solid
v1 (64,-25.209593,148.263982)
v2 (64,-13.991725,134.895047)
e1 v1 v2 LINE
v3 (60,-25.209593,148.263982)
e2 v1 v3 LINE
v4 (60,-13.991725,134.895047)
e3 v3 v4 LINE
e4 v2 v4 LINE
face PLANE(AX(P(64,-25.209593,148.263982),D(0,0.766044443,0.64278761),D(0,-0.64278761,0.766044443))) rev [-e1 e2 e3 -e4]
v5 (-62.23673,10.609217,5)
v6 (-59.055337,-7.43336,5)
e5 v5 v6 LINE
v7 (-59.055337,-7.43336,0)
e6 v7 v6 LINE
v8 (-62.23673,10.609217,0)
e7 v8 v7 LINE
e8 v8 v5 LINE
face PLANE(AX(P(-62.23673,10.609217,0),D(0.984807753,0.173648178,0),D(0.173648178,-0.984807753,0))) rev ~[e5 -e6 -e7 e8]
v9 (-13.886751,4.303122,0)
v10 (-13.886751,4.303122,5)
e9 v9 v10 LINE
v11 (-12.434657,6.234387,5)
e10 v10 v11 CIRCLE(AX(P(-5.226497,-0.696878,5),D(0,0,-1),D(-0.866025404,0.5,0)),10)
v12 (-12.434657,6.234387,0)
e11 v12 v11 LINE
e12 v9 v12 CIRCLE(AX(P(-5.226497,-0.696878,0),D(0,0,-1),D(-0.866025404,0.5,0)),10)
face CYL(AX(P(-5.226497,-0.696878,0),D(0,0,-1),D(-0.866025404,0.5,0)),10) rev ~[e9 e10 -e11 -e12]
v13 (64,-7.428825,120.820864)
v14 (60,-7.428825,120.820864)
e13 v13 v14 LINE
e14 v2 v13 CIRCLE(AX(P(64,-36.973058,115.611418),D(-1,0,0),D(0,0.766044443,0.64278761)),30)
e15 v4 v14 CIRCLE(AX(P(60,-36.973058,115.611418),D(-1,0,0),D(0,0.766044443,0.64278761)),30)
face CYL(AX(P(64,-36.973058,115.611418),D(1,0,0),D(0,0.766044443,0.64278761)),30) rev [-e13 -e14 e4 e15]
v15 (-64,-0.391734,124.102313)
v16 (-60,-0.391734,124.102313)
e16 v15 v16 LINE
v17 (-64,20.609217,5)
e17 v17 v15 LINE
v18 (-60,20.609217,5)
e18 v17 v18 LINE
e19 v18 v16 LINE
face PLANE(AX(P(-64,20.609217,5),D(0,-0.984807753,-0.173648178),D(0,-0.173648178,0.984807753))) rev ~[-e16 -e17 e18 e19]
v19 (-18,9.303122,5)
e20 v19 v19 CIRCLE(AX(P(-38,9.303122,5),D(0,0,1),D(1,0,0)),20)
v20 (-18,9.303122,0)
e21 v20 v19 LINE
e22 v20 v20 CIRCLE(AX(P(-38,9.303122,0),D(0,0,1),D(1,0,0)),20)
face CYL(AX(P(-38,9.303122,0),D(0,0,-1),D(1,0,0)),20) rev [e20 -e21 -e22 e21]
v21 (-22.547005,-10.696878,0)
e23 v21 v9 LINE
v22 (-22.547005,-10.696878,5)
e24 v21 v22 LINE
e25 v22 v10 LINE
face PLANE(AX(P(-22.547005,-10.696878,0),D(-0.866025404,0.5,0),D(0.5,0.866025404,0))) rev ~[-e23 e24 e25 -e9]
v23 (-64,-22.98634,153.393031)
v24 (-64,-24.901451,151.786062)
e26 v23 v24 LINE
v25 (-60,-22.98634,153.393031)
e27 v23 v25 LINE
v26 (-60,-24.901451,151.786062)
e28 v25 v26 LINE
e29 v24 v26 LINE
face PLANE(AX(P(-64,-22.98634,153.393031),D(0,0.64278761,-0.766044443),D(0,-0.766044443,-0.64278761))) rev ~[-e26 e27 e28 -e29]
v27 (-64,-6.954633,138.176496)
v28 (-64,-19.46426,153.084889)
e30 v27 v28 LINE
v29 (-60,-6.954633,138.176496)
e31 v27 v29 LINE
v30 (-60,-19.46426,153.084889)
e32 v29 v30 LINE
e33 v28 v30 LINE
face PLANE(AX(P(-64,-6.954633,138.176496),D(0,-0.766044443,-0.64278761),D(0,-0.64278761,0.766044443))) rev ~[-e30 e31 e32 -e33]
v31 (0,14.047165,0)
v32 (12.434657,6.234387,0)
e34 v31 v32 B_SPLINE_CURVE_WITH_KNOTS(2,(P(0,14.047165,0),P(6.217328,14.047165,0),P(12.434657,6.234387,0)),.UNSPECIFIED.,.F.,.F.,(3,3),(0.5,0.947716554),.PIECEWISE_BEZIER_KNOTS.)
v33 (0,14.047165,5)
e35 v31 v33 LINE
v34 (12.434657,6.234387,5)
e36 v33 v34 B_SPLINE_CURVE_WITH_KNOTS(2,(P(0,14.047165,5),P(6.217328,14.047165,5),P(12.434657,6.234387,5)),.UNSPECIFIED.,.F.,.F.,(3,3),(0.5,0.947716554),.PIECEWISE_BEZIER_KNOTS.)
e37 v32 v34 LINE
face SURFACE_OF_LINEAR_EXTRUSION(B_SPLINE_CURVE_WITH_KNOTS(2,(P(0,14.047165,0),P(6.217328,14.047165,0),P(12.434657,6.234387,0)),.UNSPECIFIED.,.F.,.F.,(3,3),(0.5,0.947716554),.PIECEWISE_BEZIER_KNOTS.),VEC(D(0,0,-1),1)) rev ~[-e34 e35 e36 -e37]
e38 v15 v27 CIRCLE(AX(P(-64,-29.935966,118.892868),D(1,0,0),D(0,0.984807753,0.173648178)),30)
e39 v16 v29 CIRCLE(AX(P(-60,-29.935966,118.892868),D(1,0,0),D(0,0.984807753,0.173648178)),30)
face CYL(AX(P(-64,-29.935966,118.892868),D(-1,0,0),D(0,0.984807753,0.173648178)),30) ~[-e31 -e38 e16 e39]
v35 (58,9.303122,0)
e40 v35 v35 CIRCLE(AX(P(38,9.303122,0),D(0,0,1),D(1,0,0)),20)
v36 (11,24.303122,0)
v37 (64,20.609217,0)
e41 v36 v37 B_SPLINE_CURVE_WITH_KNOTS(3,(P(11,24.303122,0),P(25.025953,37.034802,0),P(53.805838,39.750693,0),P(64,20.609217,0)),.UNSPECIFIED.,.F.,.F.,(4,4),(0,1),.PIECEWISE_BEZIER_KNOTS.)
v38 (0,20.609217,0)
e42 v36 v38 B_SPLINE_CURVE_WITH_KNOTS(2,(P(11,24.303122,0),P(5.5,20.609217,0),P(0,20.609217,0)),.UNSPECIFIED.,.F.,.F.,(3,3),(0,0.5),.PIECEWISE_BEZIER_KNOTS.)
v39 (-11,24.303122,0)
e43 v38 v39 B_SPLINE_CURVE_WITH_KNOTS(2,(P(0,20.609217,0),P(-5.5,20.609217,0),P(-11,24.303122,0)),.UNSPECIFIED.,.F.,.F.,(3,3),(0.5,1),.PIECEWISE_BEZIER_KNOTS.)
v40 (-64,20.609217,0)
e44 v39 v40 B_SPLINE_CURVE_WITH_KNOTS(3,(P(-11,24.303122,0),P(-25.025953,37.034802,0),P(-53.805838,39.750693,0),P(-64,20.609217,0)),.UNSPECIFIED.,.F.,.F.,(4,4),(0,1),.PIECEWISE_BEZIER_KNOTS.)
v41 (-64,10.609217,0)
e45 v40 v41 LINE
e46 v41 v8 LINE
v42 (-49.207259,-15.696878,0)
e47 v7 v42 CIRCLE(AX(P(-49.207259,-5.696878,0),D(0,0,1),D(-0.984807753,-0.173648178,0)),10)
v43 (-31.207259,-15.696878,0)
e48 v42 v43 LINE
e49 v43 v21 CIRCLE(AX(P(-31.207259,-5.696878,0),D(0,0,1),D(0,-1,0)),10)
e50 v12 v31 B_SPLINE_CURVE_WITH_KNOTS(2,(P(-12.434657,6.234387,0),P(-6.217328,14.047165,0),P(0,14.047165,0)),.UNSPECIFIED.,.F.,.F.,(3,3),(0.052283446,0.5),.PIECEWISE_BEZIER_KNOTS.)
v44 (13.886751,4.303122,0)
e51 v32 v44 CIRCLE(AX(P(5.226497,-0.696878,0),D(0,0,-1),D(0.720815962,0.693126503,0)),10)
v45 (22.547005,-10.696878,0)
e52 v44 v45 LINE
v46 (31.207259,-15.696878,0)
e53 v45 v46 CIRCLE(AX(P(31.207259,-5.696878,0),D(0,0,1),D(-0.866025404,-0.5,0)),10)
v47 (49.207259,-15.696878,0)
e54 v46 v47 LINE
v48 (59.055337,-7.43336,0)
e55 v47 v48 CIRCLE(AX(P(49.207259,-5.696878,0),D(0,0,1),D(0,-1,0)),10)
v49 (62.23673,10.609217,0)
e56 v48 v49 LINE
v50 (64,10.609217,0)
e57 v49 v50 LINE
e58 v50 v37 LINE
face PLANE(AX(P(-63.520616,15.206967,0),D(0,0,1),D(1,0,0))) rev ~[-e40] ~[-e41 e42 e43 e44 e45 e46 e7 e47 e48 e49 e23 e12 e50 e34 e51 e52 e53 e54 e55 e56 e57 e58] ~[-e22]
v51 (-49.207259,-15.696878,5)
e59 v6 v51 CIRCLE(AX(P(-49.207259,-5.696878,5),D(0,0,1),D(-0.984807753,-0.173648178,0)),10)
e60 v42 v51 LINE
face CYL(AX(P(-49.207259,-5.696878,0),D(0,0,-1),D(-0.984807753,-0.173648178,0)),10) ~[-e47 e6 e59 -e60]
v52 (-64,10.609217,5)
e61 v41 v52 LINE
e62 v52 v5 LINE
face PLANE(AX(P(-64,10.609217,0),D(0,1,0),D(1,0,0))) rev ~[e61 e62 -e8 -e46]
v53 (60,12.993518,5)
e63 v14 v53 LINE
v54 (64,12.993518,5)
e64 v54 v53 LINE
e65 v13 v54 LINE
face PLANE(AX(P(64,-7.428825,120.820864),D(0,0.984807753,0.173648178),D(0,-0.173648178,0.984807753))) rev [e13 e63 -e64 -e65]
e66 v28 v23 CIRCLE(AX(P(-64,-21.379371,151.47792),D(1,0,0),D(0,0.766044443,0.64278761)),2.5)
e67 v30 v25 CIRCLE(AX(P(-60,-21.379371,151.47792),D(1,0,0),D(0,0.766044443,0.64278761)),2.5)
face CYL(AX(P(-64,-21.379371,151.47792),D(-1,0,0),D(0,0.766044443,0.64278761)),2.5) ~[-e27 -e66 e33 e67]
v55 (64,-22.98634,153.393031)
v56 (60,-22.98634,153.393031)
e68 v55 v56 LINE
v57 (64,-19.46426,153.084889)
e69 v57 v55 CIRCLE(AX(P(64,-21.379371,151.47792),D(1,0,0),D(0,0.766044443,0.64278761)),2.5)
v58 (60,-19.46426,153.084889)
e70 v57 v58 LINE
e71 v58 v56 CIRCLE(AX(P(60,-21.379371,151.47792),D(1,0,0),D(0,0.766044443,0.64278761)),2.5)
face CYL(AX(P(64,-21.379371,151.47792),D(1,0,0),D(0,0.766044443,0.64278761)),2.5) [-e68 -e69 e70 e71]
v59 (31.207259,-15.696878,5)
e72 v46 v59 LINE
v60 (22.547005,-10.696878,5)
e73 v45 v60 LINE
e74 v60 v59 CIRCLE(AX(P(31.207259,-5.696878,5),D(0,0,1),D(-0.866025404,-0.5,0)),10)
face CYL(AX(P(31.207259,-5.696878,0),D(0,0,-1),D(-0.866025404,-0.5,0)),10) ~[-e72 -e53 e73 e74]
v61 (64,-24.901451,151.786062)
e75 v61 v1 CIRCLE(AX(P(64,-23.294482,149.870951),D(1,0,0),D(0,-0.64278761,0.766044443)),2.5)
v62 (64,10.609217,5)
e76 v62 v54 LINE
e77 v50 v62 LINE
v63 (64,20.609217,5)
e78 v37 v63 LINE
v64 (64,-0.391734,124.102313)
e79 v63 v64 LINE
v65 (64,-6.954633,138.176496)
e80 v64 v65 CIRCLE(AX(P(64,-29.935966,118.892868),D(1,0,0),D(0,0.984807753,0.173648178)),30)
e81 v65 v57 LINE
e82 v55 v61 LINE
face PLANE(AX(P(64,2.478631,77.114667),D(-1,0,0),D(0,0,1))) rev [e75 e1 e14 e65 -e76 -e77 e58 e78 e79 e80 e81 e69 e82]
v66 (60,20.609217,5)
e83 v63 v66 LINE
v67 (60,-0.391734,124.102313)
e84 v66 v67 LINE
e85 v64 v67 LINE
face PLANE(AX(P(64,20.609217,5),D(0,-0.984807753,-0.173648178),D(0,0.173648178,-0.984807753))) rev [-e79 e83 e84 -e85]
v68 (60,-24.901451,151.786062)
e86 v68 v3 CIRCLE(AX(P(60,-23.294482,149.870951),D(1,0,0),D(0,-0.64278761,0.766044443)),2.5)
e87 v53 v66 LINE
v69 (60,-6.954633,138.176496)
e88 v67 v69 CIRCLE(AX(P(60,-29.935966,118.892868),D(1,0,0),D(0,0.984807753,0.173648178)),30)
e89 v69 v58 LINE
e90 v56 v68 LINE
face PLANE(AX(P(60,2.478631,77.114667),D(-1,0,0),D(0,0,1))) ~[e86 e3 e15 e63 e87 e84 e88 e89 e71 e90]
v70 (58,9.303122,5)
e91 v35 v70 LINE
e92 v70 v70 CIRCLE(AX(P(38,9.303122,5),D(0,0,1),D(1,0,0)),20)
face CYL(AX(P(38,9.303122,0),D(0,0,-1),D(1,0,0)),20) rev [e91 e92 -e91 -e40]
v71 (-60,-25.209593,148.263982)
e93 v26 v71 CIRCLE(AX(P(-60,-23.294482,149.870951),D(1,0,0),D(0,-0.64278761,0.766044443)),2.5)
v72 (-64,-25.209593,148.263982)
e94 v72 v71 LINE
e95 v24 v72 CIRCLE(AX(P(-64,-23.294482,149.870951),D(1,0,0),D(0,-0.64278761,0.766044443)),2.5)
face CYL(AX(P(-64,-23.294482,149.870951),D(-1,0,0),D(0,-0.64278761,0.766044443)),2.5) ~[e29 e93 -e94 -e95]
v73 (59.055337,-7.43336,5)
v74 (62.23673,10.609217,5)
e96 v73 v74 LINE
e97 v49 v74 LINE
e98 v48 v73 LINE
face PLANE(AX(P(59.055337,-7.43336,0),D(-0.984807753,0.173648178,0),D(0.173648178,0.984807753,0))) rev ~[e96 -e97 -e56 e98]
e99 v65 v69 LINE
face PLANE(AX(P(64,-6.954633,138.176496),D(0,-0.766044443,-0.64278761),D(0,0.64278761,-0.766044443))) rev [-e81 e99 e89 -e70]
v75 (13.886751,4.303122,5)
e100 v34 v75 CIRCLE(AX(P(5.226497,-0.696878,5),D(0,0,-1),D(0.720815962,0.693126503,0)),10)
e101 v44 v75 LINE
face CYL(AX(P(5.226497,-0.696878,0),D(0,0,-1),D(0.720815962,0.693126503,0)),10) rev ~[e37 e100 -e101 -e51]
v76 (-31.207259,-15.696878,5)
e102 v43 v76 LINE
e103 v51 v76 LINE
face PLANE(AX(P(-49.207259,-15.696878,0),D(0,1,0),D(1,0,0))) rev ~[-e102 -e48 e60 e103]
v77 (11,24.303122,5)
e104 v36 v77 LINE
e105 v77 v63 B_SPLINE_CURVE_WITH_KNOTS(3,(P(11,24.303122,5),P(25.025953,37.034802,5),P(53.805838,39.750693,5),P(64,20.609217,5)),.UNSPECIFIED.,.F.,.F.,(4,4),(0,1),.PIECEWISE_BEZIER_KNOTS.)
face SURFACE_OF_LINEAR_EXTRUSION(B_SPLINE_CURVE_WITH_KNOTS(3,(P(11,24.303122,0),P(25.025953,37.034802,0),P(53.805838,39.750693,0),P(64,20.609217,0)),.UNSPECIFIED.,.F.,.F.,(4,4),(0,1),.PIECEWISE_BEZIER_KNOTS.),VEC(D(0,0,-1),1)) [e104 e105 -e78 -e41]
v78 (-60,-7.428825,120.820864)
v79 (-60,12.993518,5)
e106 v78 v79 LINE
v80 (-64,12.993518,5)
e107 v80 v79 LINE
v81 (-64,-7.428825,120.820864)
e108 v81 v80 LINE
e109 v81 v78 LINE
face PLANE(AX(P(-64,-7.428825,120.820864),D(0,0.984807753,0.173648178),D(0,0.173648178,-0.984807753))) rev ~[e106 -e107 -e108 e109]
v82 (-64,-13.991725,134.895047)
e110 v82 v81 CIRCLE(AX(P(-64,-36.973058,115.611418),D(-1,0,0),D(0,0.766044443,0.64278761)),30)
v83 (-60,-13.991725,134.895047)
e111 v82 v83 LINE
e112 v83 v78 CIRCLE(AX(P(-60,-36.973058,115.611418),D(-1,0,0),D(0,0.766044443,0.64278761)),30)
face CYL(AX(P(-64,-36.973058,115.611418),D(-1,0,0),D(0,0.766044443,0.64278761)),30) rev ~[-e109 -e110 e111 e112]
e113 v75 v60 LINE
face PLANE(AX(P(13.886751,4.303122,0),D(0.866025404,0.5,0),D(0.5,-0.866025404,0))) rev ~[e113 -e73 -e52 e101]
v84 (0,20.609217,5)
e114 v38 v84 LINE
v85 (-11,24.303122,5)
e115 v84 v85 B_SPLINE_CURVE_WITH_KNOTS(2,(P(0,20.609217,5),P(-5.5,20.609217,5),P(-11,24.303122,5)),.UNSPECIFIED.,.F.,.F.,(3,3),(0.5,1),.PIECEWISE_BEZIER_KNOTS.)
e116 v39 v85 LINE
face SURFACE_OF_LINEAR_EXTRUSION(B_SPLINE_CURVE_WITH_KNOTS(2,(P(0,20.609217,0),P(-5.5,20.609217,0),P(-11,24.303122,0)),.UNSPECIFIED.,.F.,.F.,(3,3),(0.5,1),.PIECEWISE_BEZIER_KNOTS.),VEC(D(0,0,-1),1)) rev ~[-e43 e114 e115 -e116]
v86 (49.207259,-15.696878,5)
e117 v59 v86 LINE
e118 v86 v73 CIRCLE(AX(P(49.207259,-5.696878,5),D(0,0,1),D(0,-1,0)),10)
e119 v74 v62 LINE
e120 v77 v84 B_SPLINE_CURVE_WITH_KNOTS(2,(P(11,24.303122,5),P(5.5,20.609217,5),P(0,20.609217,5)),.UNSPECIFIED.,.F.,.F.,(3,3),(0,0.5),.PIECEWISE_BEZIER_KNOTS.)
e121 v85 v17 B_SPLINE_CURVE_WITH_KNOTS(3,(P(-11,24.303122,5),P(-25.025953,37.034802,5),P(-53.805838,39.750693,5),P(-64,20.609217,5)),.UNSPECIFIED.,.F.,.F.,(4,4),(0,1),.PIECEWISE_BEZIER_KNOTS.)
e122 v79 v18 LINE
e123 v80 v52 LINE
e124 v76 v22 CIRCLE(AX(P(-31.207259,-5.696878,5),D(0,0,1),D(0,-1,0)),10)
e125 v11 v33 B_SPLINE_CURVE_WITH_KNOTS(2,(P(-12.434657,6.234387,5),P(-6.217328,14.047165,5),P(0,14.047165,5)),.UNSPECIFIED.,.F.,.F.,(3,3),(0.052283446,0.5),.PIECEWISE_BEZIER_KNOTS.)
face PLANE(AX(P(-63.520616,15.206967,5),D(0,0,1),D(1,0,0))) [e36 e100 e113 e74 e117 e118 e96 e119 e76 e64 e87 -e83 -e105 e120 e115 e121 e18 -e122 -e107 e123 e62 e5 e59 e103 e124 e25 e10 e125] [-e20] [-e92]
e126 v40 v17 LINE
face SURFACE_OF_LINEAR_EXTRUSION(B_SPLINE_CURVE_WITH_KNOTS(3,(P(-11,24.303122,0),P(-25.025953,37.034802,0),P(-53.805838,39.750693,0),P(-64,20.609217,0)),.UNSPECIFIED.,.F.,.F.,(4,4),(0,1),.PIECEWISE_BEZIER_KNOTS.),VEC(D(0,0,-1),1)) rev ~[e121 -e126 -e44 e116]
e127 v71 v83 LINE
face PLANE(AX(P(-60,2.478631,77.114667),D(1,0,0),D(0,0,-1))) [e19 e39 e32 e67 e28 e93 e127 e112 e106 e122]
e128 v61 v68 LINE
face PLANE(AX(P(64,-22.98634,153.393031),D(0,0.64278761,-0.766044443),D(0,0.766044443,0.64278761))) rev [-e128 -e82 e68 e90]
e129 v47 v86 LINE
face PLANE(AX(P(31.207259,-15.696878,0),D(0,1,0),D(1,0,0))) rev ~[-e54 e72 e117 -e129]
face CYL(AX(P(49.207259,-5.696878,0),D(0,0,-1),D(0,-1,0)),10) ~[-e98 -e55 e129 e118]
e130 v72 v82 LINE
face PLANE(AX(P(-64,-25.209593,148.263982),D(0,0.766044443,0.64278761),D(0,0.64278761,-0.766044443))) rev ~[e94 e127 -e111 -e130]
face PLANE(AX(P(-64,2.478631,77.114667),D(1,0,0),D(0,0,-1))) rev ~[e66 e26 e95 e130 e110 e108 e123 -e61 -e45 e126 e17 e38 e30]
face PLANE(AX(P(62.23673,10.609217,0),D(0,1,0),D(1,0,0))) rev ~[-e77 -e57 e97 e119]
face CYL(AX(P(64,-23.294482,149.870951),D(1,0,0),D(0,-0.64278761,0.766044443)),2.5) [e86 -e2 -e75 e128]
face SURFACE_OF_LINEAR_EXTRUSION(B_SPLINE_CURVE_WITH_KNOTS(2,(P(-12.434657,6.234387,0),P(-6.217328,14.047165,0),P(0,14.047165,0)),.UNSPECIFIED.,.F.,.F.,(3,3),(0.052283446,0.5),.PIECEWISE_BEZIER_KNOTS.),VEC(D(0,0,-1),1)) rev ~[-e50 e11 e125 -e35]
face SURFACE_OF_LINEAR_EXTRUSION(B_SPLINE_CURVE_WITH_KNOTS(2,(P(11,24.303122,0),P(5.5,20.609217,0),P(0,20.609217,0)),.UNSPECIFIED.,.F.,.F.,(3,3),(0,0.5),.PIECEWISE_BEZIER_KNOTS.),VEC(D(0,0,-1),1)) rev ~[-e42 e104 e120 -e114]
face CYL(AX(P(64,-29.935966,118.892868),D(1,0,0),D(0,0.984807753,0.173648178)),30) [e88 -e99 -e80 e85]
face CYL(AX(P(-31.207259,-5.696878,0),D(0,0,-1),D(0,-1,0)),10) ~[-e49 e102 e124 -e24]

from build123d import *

# Parameters (mm, degrees)
SKETCH1_R           = 20
BOSS_EXTRUDE1_DEPTH = 5
BOSS_EXTRUDE2_DEPTH = 4


with BuildPart() as part:
    # Sketch1 → Boss-Extrude1 (new body)
    # profile 1 of 4: a face of its own
    with BuildSketch(Plane.XY):
        with BuildLine():
            Line((0, 14.047165148), (0, 20.609217456))
            add(Edge.make_bspline(
                [(0, 20.609217456), (-5.5, 20.609217456), (-11, 24.303121583)],
                knots=[0.5, 0.5, 0.5, 1, 1, 1], degree=2))
            add(Edge.make_bspline(
                [(-11, 24.303121583), (-25.025952509, 37.034801988), (-53.805838246, 39.750693097), (-64, 20.609217456)],
                knots=[0, 0, 0, 0, 1, 1, 1, 1], degree=3))
            Line((-64, 20.609217456), (-62.236730193, 10.609217456))
            Line((-62.236730193, 10.609217456), (-59.055336952, -7.433360194))
            ThreePointArc((-59.055336952, -7.433360194), (-55.635135519, -13.357322848), (-49.207259422, -15.696878417))
            Line((-49.207259422, -15.696878417), (-31.207259422, -15.696878417))
            ThreePointArc((-31.207259422, -15.696878417), (-26.207259422, -14.357132455), (-22.547005384, -10.696878417))
            Line((-22.547005384, -10.696878417), (-13.886751346, 4.303121583))
            ThreePointArc((-13.886751346, 4.303121583), (-13.219249284, 5.312773474), (-12.434656927, 6.234386612))
            add(Edge.make_bspline(
                [(-12.434656927, 6.234386612), (-6.217328463, 14.047165148), (0, 14.047165148)],
                knots=[0.052283446, 0.052283446, 0.052283446, 0.5, 0.5, 0.5], degree=2))
        make_face()
        with Locations((-38, 9.303121583)):
            Circle(SKETCH1_R, mode=Mode.SUBTRACT)
    # profile 2 of 4: a face of its own
    with BuildSketch(Plane.XY):
        with BuildLine():
            add(Edge.make_bspline(
                [(11, 24.303121583), (5.5, 20.609217456), (0, 20.609217456)],
                knots=[0, 0, 0, 0.5, 0.5, 0.5], degree=2))
            Line((0, 20.609217456), (0, 14.047165148))
            add(Edge.make_bspline(
                [(0, 14.047165148), (6.217328463, 14.047165148), (12.434656927, 6.234386612)],
                knots=[0.5, 0.5, 0.5, 0.947716554, 0.947716554, 0.947716554], degree=2))
            ThreePointArc((12.434656927, 6.234386612), (13.219249284, 5.312773474), (13.886751346, 4.303121583))
            Line((13.886751346, 4.303121583), (22.547005384, -10.696878417))
            ThreePointArc((22.547005384, -10.696878417), (26.207259422, -14.357132455), (31.207259422, -15.696878417))
            Line((31.207259422, -15.696878417), (49.207259422, -15.696878417))
            ThreePointArc((49.207259422, -15.696878417), (55.635135519, -13.357322848), (59.055336952, -7.433360194))
            Line((59.055336952, -7.433360194), (62.236730193, 10.609217456))
            Line((62.236730193, 10.609217456), (64, 20.609217456))
            add(Edge.make_bspline(
                [(11, 24.303121583), (25.025952509, 37.034801988), (53.805838246, 39.750693097), (64, 20.609217456)],
                knots=[0, 0, 0, 0, 1, 1, 1, 1], degree=3))
        make_face()
        with Locations((38, 9.303121583)):
            Circle(SKETCH1_R, mode=Mode.SUBTRACT)
    # profile 3 of 4: a face of its own
    with BuildSketch(Plane.XY):
        Polygon((64, 10.609217456), (64, 20.609217456), (62.236730193, 10.609217456), align=None)
    # profile 4 of 4: a face of its own
    with BuildSketch(Plane.XY):
        Polygon((-62.236730193, 10.609217456), (-64, 20.609217456), (-64, 10.609217456), align=None)
    extrude(amount=BOSS_EXTRUDE1_DEPTH)

    # Sketch3 → Boss-Extrude2 (add)
    with BuildSketch(Plane.ZY.offset(64)):
        with BuildLine():
            Line((5, 20.609217456), (124.102313443, -0.391733869))
            ThreePointArc((124.102313443, -0.391733869), (131.571415965, -2.746732848), (138.176496403, -6.954633166))
            Line((138.176496403, -6.954633166), (153.084888892, -19.464259805))
            ThreePointArc((153.084888892, -19.464259805), (153.968406613, -21.161481556), (153.393030976, -22.986339937))
            Line((153.393030976, -22.986339937), (151.786061952, -24.901451044))
            ThreePointArc((151.786061952, -24.901451044), (150.088840201, -25.784968765), (148.26398182, -25.209593128))
            Line((148.26398182, -25.209593128), (134.895046755, -13.991724646))
            ThreePointArc((134.895046755, -13.991724646), (128.289966317, -9.783824329), (120.820863794, -7.428825349))
            Line((120.820863794, -7.428825349), (5, 12.993517867))
            Line((5, 12.993517867), (5, 10.609217456))
            Line((5, 10.609217456), (0, 10.609217456))
            Line((0, 10.609217456), (0, 20.609217456))
            Line((0, 20.609217456), (5, 20.609217456))
        make_face()
    boss_extrude2 = extrude(amount=-BOSS_EXTRUDE2_DEPTH)

    # Mirror1: Boss-Extrude2 across plane
    add(boss_extrude2.mirror(Plane(origin=(0, 0, 0), x_dir=(0, 0, 1), z_dir=(1, 0, 0))))


solid = part.part
